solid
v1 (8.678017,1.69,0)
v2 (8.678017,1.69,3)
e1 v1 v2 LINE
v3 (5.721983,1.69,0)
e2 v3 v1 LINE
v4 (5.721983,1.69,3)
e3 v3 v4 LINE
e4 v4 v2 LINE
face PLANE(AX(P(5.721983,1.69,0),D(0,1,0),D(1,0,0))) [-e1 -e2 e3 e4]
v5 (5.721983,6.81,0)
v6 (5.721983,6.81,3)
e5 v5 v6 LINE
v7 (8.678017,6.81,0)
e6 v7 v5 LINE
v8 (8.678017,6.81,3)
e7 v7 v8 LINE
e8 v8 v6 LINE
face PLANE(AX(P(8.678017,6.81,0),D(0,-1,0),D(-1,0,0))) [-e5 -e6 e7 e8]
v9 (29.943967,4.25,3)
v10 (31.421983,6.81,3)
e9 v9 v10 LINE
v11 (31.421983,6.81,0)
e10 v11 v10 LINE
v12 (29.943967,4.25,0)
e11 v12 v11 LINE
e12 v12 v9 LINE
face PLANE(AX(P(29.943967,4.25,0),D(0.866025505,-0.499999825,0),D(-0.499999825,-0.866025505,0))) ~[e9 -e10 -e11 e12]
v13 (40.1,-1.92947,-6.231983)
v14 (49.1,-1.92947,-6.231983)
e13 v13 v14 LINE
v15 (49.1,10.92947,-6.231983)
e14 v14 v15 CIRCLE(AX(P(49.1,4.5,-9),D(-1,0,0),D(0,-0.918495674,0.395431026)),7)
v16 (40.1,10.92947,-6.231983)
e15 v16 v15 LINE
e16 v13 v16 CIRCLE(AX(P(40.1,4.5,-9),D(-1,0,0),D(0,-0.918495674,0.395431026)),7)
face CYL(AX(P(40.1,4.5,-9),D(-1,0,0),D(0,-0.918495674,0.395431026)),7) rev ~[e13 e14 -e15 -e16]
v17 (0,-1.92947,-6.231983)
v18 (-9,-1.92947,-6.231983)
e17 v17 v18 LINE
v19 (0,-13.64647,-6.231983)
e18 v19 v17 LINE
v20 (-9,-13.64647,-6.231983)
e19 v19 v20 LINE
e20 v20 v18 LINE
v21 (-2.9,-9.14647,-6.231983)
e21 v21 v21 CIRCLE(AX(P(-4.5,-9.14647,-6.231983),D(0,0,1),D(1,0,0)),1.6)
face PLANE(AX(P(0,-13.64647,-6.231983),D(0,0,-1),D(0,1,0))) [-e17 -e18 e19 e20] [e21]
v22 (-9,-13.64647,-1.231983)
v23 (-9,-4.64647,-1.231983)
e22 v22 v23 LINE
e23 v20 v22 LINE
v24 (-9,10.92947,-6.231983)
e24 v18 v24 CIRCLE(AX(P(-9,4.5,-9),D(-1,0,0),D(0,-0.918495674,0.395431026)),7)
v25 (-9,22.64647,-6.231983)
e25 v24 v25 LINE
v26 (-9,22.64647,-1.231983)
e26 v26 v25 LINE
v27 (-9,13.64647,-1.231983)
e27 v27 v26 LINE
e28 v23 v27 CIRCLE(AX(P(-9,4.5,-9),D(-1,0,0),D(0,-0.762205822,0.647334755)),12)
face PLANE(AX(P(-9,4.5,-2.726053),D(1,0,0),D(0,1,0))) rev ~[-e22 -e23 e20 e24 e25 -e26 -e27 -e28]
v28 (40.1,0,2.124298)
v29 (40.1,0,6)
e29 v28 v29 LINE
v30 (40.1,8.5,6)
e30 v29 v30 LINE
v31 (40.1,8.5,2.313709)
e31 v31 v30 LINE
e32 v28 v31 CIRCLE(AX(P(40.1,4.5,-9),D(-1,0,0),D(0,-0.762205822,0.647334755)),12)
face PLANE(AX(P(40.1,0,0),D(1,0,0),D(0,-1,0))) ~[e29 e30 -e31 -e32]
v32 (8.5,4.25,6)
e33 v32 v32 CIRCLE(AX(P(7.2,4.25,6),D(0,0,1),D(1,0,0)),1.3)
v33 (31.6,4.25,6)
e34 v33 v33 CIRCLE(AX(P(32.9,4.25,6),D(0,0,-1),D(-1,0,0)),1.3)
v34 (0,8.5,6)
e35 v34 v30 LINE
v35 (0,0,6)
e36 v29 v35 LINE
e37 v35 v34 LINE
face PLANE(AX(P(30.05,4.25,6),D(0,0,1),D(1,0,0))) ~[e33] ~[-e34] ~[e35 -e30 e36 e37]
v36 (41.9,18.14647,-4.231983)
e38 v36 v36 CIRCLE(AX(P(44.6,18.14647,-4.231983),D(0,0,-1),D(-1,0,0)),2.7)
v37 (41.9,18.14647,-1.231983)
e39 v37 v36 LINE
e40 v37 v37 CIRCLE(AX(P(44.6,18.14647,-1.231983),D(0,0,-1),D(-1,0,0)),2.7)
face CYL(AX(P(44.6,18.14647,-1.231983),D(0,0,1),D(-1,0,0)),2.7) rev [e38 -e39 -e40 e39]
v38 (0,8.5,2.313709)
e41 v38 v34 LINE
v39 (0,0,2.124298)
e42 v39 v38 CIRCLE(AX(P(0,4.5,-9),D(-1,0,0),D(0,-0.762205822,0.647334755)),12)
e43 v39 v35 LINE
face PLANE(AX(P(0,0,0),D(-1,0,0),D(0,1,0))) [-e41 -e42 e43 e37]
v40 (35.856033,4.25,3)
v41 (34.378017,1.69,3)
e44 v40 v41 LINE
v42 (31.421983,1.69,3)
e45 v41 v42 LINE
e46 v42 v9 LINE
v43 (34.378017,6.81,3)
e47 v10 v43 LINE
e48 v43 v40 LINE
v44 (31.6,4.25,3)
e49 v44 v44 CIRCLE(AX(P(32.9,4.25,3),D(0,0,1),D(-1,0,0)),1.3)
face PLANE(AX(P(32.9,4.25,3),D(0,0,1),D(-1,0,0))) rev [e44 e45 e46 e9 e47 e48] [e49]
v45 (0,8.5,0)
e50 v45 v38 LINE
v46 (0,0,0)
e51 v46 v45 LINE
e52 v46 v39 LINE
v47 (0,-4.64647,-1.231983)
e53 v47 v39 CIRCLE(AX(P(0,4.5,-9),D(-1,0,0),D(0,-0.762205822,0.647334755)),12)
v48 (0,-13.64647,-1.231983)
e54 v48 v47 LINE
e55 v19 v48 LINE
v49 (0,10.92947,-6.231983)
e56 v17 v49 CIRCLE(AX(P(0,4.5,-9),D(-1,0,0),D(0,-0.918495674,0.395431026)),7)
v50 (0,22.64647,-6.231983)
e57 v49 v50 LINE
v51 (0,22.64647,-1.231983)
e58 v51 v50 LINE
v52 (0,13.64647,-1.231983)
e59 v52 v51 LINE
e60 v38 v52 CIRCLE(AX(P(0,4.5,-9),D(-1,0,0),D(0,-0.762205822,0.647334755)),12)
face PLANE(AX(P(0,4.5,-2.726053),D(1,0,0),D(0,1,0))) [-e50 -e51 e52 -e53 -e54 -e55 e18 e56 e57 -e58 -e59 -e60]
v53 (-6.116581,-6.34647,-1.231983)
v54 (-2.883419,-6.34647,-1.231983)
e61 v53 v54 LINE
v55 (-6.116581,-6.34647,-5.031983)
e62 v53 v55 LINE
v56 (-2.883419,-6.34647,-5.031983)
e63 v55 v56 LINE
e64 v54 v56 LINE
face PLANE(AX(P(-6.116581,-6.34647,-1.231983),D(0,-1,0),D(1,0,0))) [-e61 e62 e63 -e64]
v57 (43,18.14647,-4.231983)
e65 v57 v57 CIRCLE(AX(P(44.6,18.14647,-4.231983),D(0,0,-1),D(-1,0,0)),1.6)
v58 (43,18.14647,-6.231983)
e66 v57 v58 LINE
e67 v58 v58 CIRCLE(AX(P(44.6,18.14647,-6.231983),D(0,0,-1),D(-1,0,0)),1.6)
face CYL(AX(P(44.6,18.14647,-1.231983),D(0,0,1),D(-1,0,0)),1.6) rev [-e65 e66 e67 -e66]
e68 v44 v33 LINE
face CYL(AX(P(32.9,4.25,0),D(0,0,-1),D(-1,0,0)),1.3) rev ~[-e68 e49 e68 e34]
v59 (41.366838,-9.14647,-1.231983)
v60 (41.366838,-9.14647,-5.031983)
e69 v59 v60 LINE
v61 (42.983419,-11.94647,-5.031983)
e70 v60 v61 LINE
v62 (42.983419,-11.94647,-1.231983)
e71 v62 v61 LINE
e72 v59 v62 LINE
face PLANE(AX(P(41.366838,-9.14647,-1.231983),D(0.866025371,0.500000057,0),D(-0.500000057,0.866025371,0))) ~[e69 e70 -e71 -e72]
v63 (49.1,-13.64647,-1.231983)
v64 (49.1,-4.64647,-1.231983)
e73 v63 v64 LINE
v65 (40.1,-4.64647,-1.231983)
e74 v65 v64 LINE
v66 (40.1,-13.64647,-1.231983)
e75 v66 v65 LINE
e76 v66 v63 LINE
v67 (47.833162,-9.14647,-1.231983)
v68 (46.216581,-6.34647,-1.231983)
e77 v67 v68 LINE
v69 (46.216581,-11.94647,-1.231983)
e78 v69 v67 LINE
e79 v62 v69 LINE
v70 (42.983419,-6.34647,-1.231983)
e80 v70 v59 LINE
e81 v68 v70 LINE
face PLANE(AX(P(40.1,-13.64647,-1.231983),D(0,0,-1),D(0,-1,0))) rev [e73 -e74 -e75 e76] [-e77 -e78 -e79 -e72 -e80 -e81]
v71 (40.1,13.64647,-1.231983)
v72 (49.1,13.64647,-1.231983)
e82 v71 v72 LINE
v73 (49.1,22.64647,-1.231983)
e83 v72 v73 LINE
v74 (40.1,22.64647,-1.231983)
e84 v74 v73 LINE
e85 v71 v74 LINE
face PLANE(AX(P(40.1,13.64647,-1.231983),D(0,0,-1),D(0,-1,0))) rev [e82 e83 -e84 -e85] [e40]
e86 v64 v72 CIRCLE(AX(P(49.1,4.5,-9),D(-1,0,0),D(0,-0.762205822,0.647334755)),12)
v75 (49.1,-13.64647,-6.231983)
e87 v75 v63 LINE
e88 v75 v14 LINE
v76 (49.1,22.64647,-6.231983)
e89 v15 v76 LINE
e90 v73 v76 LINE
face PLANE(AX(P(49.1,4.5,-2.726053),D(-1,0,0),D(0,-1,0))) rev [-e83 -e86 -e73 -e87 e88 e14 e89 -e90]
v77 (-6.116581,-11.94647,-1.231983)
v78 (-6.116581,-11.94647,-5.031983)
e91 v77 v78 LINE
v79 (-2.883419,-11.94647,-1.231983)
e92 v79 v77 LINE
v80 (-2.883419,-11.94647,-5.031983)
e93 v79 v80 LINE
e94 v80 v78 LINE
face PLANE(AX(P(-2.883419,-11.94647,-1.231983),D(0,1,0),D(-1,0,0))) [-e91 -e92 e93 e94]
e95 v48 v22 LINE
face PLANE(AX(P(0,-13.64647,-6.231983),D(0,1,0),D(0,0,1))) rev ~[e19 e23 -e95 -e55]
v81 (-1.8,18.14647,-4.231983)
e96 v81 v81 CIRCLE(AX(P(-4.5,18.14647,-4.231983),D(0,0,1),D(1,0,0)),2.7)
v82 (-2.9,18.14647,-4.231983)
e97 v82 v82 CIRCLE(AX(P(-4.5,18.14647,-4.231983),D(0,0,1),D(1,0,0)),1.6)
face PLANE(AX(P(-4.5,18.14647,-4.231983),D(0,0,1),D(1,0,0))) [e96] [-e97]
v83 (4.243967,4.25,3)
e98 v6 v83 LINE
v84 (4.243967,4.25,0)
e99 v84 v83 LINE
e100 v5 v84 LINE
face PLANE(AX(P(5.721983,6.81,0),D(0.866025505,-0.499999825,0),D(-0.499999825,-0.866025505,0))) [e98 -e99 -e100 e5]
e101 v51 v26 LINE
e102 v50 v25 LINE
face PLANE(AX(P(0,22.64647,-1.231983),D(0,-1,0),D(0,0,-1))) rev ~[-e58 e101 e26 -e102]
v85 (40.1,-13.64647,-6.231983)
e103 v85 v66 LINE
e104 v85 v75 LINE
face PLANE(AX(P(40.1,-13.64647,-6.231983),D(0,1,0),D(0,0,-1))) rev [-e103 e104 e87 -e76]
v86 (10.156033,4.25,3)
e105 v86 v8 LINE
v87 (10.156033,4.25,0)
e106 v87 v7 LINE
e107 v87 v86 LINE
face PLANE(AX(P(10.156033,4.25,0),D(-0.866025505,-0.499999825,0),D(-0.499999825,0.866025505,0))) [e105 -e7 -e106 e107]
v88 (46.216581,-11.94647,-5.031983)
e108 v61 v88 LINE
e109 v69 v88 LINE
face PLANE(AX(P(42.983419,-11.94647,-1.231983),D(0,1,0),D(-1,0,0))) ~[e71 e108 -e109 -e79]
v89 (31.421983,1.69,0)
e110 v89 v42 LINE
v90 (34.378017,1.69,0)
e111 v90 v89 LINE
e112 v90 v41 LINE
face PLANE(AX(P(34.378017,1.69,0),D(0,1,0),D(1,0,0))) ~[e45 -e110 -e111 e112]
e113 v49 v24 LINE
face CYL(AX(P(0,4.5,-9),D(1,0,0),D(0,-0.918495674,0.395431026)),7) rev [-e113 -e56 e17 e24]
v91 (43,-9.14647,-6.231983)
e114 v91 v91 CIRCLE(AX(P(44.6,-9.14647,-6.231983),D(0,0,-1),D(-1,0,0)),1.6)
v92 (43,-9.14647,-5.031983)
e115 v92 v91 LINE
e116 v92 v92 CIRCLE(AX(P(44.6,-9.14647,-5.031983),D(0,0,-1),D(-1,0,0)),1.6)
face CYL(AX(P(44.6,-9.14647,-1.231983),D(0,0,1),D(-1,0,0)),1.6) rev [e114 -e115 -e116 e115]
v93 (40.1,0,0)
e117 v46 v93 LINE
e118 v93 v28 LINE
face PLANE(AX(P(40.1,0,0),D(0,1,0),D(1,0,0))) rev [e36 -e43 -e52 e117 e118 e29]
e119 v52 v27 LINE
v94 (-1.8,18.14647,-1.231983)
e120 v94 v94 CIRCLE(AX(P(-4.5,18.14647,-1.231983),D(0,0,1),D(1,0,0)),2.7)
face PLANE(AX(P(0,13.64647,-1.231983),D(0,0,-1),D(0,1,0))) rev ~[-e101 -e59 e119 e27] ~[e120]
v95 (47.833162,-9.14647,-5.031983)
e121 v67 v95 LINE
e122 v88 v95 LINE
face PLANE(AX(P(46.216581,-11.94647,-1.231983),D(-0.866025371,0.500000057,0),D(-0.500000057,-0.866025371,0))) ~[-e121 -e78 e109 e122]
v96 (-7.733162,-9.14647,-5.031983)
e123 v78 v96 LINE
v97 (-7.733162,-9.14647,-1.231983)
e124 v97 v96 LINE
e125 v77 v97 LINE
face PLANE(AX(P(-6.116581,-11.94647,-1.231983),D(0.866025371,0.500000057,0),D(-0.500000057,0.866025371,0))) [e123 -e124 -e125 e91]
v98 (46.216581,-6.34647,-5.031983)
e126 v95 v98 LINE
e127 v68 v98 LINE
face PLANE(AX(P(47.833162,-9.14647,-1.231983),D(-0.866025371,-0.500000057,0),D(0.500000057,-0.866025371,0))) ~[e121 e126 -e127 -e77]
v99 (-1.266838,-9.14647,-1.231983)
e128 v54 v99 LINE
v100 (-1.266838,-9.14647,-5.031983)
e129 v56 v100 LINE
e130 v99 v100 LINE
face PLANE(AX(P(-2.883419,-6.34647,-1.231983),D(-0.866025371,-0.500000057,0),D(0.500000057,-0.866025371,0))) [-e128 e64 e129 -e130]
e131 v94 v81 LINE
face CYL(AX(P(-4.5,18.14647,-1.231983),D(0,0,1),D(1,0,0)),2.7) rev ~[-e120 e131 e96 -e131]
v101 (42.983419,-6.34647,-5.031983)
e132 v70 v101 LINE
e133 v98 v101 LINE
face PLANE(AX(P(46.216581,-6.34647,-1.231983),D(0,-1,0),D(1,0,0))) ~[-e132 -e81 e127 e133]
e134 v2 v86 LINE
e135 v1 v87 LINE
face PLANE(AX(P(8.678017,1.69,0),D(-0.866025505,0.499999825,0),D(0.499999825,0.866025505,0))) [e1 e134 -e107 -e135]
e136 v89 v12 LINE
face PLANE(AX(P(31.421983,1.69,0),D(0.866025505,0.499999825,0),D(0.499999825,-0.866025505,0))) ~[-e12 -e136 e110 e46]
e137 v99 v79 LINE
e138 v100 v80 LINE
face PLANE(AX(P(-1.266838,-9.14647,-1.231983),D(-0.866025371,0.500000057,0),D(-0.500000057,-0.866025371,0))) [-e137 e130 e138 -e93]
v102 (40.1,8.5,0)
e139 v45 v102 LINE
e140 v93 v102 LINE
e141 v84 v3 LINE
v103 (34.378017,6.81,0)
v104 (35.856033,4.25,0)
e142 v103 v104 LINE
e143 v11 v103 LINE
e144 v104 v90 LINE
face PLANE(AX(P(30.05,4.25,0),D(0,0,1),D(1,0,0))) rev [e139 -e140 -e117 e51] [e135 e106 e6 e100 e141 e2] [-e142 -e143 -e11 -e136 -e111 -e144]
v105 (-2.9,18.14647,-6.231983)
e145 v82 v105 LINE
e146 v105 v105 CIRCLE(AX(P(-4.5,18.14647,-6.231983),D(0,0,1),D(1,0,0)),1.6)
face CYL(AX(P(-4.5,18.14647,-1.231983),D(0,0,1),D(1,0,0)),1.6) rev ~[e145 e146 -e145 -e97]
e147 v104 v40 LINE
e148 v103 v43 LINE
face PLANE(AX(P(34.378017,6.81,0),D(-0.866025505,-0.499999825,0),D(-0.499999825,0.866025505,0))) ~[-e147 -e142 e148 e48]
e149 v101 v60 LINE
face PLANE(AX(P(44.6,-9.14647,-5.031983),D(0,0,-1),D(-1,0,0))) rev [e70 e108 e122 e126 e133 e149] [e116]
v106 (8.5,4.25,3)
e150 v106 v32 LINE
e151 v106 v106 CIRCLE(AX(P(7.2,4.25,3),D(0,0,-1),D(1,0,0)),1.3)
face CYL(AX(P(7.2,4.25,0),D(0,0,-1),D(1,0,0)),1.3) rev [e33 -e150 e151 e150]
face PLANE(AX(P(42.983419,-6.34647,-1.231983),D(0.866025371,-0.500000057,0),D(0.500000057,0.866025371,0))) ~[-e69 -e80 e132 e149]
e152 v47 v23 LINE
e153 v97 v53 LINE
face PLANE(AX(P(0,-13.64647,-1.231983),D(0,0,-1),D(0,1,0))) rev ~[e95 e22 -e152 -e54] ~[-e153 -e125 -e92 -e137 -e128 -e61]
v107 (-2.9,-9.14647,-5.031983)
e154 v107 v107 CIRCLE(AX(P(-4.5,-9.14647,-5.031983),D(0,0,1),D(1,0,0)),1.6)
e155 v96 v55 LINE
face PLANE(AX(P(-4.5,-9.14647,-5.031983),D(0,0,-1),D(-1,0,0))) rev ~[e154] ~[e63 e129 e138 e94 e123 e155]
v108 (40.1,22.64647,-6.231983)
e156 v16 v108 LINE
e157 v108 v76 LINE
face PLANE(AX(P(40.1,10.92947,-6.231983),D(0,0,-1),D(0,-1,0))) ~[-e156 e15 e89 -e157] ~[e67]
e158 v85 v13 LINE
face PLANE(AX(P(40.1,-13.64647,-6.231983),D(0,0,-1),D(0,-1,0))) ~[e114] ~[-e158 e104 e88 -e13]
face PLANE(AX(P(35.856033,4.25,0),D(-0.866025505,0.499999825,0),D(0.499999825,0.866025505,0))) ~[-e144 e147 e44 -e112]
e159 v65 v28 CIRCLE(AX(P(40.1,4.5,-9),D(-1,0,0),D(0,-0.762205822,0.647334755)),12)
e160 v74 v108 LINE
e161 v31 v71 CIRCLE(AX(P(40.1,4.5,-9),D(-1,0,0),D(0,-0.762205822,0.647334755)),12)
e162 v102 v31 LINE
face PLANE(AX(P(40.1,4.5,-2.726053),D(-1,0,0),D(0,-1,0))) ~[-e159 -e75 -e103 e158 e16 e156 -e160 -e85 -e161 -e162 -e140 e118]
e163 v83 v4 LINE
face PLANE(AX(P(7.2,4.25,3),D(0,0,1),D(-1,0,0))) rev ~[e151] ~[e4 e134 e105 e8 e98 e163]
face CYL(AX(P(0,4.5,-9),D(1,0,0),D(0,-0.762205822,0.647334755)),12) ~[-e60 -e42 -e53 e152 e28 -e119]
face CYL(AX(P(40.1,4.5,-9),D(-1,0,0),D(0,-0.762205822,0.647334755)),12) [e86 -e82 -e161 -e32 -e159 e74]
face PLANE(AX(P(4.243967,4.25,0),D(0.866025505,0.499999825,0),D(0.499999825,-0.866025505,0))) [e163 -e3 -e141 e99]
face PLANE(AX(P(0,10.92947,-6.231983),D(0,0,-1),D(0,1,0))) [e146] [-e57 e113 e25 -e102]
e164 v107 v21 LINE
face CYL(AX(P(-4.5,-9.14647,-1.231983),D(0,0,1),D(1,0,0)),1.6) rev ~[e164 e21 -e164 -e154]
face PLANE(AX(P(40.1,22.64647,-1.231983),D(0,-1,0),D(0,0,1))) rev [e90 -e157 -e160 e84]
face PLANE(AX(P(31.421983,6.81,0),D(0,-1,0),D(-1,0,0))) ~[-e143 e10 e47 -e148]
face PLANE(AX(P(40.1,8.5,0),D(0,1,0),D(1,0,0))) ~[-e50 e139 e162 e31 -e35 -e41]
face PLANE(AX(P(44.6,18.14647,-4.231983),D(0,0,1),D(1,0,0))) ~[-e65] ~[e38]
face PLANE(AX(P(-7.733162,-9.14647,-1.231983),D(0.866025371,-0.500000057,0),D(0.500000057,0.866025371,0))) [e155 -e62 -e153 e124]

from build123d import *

# Parameters (mm, degrees)
SKETCH_W        = 20.1
SKETCH_H        = 8.5
SKETCH_R        = 1.3
PAD_DEPTH       = 6
POCKET_DEPTH    = 3
PAD001_DEPTH    = 9
SKETCH003_R     = 1.6
POCKET001_DEPTH = 5
POCKET002_DEPTH = 3.8
SKETCH005_R     = 2.7
POCKET003_DEPTH = 3


with BuildPart() as pocket003:
    # Sketch → Pad (new body)
    with BuildSketch(Plane.XY):
        with Locations((10.05, 4.25)):
            Rectangle(SKETCH_W, SKETCH_H)
        with Locations((7.2, 4.25)):
            Circle(SKETCH_R, mode=Mode.SUBTRACT)
    extrude(amount=PAD_DEPTH)

    # Sketch001 → Pocket (cut)
    with BuildSketch(Plane(origin=(0, 0, 0), x_dir=(1, 0, 0), z_dir=(0, 0, -1))):
        Polygon((5.721983, -1.69), (8.678017, -1.69), (10.156033, -4.25), (8.678017, -6.81), (5.721983, -6.81), (4.243967, -4.25), align=None)
    extrude(amount=-POCKET_DEPTH, mode=Mode.SUBTRACT)

    # Sketch002 → Pad001 (new body)
    with BuildSketch(Plane(origin=(0, 0, 0), x_dir=(0, -1, 0), z_dir=(-1, 0, 0))):
        with BuildLine():
            ThreePointArc((1.92947, -6.231983), (-4.5, -2), (-10.92947, -6.231983))
            Line((-10.92947, -6.231983), (-22.64647, -6.231983))
            Line((-22.64647, -1.231983), (-22.64647, -6.231983))
            Line((-13.64647, -1.231983), (-22.64647, -1.231983))
            ThreePointArc((4.64647, -1.231983), (-4.5, 3), (-13.64647, -1.231983))
            Line((13.64647, -1.231983), (4.64647, -1.231983))
            Line((13.64647, -6.231983), (13.64647, -1.231983))
            Line((13.64647, -6.231983), (1.92947, -6.231983))
        make_face()
    extrude(amount=PAD001_DEPTH)

    # Sketch003 → Pocket001 (cut)
    with BuildSketch(Plane.XY.offset(-1.231983)):
        with Locations((-4.5, 18.14647)):
            Circle(SKETCH003_R)
        with Locations((-4.5, -9.14647)):
            Circle(SKETCH003_R)
    extrude(amount=-POCKET001_DEPTH, mode=Mode.SUBTRACT)

    # Sketch004 → Pocket002 (cut)
    with BuildSketch(Plane.XY.offset(-1.231983)):
        Polygon((-6.116581, -6.34647), (-2.883419, -6.34647), (-1.266838, -9.14647), (-2.883419, -11.94647), (-6.116581, -11.94647), (-7.733162, -9.14647), align=None)
    extrude(amount=-POCKET002_DEPTH, mode=Mode.SUBTRACT)

    # Sketch005 → Pocket003 (cut)
    with BuildSketch(Plane.XY.offset(-1.231983)):
        with Locations((-4.5, 18.14647)):
            Circle(SKETCH005_R)
    extrude(amount=-POCKET003_DEPTH, mode=Mode.SUBTRACT)


with BuildPart() as part_mirroring:
    # Part__Mirroring: instance of Pocket003
    add(pocket003.part.mirror(Plane(origin=(0, 0, 0), x_dir=(0, -1, 0), z_dir=(1, 0, 0))))


with BuildPart() as part_mirroring_1:
    # Part__Mirroring placement: moved
    add(part_mirroring.part.moved(Location((40.1, 0, 0))))


with BuildPart() as fusion:
    # Fusion base: copy of Pocket003
    add(pocket003.part)

    # Fusion: union Part__Mirroring
    add(part_mirroring_1.part)


solid = fusion.part
